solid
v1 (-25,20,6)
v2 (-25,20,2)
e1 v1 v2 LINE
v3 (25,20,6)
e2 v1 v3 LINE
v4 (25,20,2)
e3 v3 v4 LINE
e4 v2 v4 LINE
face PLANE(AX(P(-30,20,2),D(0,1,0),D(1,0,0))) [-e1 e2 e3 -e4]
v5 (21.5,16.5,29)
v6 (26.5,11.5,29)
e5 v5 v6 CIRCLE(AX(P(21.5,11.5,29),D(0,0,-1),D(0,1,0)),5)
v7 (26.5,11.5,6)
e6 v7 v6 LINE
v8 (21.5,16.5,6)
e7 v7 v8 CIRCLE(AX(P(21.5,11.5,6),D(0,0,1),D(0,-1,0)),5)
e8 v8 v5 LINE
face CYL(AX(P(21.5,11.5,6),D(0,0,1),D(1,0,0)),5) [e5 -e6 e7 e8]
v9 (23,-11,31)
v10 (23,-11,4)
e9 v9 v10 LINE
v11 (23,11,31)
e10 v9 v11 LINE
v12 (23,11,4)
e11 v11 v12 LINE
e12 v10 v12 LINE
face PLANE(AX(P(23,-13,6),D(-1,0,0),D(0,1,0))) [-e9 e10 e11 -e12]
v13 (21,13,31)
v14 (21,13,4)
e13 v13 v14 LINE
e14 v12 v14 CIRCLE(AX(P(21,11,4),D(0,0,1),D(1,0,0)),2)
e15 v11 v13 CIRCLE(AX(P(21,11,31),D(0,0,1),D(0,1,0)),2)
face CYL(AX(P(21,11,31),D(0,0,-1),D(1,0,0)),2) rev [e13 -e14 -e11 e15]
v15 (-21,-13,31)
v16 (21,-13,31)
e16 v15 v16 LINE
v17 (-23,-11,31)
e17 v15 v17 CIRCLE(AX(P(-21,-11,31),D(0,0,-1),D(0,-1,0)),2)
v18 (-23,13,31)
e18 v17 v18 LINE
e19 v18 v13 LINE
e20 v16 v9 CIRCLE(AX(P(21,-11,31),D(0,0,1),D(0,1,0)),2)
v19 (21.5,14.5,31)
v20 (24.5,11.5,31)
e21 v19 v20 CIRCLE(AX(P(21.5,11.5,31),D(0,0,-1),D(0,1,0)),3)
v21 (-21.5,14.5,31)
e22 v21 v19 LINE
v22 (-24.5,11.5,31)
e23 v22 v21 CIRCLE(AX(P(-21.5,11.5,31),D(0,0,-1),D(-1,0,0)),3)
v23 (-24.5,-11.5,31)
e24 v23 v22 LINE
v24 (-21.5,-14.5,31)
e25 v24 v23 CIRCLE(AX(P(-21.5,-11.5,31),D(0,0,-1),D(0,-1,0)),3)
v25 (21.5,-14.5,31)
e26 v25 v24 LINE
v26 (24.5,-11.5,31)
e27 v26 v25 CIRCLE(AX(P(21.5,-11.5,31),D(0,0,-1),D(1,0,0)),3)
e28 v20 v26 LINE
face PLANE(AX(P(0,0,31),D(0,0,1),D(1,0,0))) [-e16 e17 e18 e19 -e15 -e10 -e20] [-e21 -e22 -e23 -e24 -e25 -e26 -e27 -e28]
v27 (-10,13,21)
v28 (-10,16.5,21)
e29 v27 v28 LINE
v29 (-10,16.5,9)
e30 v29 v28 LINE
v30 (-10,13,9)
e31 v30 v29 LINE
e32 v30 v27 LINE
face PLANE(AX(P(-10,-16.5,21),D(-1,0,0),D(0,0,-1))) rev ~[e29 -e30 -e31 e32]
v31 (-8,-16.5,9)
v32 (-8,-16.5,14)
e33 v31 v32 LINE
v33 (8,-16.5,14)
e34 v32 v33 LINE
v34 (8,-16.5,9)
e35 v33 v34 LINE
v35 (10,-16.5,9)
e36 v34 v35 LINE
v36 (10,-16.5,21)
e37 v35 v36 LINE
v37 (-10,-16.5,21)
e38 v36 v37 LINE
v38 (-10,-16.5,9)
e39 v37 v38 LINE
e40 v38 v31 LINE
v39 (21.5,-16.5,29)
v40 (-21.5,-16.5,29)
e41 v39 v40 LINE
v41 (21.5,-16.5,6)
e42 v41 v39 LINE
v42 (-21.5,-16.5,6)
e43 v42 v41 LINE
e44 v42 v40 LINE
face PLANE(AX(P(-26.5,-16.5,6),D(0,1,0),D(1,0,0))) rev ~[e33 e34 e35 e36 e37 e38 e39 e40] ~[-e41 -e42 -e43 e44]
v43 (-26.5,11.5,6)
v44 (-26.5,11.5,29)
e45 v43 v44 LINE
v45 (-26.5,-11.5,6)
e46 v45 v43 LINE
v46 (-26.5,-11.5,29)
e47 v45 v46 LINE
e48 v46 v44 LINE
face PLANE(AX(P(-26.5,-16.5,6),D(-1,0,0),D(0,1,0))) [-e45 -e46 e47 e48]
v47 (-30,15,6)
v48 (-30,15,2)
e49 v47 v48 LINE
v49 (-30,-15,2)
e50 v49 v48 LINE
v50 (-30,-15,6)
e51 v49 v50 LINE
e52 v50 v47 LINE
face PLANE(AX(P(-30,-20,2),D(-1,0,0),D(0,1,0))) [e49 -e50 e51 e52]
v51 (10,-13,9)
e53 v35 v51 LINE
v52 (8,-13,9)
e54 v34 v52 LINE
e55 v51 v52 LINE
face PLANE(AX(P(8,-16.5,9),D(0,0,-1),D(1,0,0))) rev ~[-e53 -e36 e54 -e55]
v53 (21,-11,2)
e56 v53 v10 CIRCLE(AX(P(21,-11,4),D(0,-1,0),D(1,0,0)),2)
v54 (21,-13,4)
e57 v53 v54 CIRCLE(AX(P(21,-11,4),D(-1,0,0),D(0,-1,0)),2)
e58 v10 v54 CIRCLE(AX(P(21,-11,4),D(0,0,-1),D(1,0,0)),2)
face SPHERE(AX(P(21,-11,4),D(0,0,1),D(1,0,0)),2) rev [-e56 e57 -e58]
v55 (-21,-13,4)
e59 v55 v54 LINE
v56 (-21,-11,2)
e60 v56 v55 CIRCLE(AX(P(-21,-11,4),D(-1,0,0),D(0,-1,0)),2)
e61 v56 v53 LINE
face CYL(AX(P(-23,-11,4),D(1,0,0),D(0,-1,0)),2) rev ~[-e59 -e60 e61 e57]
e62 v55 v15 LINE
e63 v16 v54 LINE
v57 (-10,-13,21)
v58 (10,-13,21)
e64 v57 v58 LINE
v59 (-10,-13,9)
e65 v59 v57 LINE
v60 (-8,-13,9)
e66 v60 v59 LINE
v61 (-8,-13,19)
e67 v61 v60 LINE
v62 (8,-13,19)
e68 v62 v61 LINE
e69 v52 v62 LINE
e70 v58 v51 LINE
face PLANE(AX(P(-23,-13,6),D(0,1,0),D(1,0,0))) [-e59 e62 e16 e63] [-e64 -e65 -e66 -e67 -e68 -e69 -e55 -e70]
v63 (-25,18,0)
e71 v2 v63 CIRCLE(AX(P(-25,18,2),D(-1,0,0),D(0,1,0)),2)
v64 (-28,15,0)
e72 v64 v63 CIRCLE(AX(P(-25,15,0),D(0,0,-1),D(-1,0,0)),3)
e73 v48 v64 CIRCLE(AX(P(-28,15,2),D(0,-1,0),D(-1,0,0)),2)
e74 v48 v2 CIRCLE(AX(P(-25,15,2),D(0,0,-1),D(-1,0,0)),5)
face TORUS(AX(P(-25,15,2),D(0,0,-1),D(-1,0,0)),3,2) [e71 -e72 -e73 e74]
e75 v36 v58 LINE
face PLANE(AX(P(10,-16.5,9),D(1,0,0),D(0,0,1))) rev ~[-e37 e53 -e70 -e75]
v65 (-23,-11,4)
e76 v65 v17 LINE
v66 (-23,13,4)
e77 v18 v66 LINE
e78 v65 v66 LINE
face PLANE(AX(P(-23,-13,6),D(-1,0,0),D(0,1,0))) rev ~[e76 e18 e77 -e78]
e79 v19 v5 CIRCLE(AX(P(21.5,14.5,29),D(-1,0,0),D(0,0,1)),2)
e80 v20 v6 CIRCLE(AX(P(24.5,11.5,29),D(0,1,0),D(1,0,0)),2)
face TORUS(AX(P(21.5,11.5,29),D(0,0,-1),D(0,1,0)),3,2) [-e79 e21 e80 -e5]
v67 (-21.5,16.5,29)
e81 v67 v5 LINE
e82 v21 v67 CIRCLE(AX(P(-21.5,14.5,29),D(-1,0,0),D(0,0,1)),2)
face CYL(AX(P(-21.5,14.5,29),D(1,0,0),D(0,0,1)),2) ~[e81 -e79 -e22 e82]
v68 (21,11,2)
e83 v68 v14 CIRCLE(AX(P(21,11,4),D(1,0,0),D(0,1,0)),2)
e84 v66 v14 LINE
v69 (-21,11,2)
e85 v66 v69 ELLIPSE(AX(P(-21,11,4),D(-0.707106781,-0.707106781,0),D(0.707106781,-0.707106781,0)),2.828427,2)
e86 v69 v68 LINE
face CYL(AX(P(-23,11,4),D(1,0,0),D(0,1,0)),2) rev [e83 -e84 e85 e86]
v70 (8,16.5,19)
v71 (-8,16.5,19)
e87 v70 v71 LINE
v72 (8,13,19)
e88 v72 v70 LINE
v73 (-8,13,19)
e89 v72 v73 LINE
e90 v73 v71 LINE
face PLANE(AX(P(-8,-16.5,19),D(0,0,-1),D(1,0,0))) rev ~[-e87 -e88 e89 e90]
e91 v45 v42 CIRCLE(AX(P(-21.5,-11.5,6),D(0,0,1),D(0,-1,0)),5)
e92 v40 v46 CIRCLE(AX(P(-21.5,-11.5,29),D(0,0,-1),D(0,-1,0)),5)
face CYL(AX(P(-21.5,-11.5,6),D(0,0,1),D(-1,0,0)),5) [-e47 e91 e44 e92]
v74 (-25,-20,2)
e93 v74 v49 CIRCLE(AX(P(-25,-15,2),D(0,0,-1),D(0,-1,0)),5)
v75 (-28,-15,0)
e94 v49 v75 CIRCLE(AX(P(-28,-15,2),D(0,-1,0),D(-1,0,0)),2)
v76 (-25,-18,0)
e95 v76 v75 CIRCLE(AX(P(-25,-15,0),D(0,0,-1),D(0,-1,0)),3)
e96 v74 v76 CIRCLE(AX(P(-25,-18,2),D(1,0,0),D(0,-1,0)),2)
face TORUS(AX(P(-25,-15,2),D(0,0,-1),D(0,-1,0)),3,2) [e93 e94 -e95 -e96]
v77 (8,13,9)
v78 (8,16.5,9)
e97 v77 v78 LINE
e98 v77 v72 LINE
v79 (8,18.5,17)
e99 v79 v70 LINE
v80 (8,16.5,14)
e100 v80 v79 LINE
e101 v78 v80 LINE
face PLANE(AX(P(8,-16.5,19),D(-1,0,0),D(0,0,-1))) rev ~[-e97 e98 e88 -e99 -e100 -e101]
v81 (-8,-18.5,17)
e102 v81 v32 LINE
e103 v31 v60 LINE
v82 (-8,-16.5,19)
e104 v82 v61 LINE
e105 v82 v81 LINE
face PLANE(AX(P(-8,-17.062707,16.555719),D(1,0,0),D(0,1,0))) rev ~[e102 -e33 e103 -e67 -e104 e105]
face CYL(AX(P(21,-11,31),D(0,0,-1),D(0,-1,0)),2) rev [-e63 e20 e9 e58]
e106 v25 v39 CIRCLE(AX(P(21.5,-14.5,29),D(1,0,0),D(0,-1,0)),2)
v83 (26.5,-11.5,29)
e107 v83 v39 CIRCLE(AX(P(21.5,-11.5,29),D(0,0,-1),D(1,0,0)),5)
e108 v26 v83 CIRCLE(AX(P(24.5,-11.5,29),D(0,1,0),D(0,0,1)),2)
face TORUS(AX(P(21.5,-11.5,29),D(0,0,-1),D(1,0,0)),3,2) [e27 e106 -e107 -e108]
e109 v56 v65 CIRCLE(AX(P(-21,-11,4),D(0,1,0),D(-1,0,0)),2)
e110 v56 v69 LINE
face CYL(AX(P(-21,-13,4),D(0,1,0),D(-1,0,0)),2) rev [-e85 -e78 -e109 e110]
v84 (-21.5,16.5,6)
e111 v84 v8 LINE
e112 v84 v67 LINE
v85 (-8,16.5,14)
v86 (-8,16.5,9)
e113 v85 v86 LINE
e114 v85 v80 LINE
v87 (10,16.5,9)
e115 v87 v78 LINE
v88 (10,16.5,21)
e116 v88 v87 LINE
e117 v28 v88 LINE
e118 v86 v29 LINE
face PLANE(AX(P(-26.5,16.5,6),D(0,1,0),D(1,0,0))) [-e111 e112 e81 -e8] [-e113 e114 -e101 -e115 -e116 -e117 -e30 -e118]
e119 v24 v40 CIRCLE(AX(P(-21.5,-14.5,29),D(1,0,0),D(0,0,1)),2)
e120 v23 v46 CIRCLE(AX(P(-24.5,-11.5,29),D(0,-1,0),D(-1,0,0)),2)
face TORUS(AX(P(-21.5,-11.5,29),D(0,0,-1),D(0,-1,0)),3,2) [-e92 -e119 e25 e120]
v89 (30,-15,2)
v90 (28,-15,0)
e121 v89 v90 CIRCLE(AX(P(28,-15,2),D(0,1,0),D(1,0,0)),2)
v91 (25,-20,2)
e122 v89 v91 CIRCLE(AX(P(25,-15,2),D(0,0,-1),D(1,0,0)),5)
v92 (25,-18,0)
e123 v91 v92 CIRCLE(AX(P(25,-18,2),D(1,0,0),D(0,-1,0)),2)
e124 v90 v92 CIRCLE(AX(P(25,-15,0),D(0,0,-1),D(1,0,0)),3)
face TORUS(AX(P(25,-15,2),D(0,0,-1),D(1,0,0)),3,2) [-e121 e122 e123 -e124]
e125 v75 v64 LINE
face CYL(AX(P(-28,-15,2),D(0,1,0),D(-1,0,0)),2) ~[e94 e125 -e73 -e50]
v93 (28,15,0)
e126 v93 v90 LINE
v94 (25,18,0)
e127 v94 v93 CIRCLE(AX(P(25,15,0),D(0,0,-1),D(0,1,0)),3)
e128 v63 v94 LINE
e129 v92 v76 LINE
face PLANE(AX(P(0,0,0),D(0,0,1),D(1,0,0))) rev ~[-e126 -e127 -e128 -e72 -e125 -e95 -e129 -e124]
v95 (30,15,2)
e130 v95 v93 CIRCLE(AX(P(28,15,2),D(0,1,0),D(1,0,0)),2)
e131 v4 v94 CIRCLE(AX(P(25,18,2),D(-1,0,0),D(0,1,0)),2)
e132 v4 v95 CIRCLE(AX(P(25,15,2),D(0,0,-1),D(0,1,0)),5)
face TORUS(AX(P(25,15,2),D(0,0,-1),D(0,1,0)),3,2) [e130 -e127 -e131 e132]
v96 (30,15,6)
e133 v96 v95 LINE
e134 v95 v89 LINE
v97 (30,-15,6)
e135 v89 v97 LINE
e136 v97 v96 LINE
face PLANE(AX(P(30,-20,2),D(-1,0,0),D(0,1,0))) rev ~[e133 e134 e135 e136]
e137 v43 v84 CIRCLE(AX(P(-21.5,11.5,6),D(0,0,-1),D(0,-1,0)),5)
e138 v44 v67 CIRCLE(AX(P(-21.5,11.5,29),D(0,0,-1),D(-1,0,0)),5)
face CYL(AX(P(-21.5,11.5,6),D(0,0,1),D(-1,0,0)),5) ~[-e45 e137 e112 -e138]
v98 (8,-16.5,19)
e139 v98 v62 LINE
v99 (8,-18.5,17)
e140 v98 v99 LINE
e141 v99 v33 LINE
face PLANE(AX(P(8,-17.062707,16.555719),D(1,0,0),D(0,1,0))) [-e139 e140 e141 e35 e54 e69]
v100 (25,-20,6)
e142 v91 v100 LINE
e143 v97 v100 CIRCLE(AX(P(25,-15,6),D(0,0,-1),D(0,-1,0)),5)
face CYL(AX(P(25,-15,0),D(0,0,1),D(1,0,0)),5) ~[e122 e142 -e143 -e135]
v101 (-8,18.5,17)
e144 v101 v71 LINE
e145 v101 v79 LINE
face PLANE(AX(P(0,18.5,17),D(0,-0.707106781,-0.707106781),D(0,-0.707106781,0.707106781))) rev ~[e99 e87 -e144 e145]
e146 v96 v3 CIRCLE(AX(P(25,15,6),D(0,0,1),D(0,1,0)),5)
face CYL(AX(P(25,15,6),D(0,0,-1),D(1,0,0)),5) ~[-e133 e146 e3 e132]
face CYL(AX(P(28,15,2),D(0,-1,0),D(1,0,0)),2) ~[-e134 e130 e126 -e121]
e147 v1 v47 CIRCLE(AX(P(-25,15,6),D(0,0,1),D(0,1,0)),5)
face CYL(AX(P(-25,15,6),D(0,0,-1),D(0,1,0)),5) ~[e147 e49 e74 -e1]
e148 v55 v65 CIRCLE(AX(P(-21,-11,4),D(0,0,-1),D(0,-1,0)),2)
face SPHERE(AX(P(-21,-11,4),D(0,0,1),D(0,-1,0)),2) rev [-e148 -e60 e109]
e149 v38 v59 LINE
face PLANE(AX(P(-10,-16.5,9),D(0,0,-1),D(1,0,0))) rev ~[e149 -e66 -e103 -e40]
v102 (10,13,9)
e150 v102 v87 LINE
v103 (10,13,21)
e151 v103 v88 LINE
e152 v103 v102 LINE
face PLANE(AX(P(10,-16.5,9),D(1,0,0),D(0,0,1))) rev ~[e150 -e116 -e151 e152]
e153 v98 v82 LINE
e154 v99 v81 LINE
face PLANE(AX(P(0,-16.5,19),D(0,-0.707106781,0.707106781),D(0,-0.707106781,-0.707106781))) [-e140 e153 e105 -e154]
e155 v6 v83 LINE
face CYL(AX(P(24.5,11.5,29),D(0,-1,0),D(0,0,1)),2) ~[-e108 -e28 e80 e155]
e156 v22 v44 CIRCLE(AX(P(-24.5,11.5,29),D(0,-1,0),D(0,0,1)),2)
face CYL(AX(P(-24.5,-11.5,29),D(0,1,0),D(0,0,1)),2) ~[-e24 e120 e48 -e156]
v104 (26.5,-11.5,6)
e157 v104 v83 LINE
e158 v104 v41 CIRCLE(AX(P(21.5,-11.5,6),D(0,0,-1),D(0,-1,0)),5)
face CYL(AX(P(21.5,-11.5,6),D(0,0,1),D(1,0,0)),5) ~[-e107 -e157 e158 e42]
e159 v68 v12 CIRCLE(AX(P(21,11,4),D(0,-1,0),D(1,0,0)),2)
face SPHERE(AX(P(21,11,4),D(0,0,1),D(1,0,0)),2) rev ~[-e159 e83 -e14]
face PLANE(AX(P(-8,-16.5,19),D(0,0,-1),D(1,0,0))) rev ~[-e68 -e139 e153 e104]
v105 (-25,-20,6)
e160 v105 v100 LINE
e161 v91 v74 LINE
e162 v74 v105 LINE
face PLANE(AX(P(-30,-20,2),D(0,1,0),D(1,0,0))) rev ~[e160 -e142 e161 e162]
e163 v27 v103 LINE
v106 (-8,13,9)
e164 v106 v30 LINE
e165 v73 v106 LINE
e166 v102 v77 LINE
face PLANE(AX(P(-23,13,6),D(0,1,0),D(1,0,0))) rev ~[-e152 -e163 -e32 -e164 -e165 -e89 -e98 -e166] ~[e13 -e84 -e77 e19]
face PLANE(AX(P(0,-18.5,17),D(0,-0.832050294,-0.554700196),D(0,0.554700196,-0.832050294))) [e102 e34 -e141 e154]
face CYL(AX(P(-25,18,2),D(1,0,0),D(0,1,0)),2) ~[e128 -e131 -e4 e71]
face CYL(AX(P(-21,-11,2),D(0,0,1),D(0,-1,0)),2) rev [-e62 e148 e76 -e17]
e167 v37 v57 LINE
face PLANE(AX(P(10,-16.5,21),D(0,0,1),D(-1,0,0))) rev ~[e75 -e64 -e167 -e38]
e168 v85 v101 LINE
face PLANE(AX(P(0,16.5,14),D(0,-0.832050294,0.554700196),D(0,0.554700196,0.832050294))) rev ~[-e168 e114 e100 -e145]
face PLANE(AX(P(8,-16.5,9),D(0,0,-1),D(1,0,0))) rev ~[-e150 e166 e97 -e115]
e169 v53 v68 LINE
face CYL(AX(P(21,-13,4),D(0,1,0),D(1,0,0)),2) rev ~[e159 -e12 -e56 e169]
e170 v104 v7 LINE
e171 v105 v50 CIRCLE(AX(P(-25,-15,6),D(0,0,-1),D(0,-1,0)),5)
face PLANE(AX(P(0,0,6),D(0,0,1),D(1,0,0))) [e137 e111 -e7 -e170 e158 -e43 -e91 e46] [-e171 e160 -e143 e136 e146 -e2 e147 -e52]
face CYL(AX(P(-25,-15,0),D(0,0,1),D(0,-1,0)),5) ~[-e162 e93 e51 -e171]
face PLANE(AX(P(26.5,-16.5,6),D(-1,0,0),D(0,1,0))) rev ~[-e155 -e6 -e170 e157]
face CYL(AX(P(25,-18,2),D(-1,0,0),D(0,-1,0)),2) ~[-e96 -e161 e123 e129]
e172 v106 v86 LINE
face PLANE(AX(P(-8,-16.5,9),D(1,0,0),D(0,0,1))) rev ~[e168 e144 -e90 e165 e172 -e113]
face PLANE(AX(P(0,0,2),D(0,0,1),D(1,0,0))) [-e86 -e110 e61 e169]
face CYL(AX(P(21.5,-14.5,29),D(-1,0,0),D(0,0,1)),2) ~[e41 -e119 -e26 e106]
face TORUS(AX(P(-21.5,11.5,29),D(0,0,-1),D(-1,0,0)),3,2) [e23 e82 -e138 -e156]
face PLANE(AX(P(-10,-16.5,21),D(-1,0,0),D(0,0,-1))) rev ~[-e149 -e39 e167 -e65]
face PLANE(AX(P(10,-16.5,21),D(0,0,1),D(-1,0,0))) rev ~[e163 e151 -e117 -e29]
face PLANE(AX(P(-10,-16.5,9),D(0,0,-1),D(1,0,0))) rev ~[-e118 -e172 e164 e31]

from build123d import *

# Parameters (mm, degrees)
F0_W           = 60
F0_H           = 40
F1_DEPTH       = 2
F2_W           = 60
F2_H           = 40
F2_W_2         = 46
F2_H_2         = 26
F3_DEPTH       = 4
F4_W           = 53
F4_H           = 33
F4_W_2         = 46
F4_H_2         = 26
F5_DEPTH       = 25
F6_R           = 5
F7_R           = 2
F9_DEPTH       = 36.501
F11_DEPTH      = 8
F11_DEPTH_BACK = 8


with BuildPart() as f1:
    # F0 (on Top) → F1 (new body)
    with BuildSketch(Plane.XY):
        Rectangle(F0_W, F0_H)
    extrude(amount=F1_DEPTH)

    # F2 (on face) → F3 (join)
    with BuildSketch(Plane.XY.offset(2)):
        Rectangle(F2_W, F2_H)
        Rectangle(F2_W_2, F2_H_2, mode=Mode.SUBTRACT)
    extrude(amount=F3_DEPTH)

    # F4 (on face) → F5 (join)
    with BuildSketch(Plane.XY.offset(6)):
        Rectangle(F4_W, F4_H)
        Rectangle(F4_W_2, F4_H_2, mode=Mode.SUBTRACT)
    extrude(amount=F5_DEPTH)

    # F6
    f6_edges = [f1.edges().sort_by_distance(p)[0] for p in [
        (-26.5, -16.5, 18.5),
        (26.5, -16.5, 18.5),
        (-26.5, 16.5, 18.5),
        (-30, -20, 3),
        (30, -20, 3),
        (-30, 20, 3),
        (30, 20, 3),
        (26.5, 16.5, 18.5),
    ]]
    fillet(f6_edges, radius=F6_R)

    # F7
    f7_edges = [f1.edges().sort_by_distance(p)[0] for p in [
        (0, 16.5, 31),
        (0, 20, 0),
        (23, -13, 16.5),
        (-23, -13, 16.5),
        (23, 13, 16.5),
        (23, 0, 2),
        (0, 13, 2),
        (0, -13, 2),
        (-23, 0, 2),
    ]]
    fillet(f7_edges, radius=F7_R)

    # F8 (on face) → F9 (cut, through all)
    with BuildSketch(Plane.XZ.offset(16.5)):
        Polygon((10, 21), (-10, 21), (-10, 9), (-8, 9), (-8, 19), (8, 19), (8, 9), (10, 9), align=None)
    extrude(amount=-F9_DEPTH, mode=Mode.SUBTRACT)

    # F10 (on Right) → F11 (join, two sides)
    with BuildSketch(Plane.YZ) as f11_sk:
        Polygon((-18.5, 17), (-16.5, 14), (-16.5, 19), align=None)
        Polygon((16.5, 19), (16.5, 14), (18.5, 17), align=None)
    extrude(amount=F11_DEPTH)
    extrude(f11_sk.sketch, amount=-F11_DEPTH_BACK)


solid = f1.part
